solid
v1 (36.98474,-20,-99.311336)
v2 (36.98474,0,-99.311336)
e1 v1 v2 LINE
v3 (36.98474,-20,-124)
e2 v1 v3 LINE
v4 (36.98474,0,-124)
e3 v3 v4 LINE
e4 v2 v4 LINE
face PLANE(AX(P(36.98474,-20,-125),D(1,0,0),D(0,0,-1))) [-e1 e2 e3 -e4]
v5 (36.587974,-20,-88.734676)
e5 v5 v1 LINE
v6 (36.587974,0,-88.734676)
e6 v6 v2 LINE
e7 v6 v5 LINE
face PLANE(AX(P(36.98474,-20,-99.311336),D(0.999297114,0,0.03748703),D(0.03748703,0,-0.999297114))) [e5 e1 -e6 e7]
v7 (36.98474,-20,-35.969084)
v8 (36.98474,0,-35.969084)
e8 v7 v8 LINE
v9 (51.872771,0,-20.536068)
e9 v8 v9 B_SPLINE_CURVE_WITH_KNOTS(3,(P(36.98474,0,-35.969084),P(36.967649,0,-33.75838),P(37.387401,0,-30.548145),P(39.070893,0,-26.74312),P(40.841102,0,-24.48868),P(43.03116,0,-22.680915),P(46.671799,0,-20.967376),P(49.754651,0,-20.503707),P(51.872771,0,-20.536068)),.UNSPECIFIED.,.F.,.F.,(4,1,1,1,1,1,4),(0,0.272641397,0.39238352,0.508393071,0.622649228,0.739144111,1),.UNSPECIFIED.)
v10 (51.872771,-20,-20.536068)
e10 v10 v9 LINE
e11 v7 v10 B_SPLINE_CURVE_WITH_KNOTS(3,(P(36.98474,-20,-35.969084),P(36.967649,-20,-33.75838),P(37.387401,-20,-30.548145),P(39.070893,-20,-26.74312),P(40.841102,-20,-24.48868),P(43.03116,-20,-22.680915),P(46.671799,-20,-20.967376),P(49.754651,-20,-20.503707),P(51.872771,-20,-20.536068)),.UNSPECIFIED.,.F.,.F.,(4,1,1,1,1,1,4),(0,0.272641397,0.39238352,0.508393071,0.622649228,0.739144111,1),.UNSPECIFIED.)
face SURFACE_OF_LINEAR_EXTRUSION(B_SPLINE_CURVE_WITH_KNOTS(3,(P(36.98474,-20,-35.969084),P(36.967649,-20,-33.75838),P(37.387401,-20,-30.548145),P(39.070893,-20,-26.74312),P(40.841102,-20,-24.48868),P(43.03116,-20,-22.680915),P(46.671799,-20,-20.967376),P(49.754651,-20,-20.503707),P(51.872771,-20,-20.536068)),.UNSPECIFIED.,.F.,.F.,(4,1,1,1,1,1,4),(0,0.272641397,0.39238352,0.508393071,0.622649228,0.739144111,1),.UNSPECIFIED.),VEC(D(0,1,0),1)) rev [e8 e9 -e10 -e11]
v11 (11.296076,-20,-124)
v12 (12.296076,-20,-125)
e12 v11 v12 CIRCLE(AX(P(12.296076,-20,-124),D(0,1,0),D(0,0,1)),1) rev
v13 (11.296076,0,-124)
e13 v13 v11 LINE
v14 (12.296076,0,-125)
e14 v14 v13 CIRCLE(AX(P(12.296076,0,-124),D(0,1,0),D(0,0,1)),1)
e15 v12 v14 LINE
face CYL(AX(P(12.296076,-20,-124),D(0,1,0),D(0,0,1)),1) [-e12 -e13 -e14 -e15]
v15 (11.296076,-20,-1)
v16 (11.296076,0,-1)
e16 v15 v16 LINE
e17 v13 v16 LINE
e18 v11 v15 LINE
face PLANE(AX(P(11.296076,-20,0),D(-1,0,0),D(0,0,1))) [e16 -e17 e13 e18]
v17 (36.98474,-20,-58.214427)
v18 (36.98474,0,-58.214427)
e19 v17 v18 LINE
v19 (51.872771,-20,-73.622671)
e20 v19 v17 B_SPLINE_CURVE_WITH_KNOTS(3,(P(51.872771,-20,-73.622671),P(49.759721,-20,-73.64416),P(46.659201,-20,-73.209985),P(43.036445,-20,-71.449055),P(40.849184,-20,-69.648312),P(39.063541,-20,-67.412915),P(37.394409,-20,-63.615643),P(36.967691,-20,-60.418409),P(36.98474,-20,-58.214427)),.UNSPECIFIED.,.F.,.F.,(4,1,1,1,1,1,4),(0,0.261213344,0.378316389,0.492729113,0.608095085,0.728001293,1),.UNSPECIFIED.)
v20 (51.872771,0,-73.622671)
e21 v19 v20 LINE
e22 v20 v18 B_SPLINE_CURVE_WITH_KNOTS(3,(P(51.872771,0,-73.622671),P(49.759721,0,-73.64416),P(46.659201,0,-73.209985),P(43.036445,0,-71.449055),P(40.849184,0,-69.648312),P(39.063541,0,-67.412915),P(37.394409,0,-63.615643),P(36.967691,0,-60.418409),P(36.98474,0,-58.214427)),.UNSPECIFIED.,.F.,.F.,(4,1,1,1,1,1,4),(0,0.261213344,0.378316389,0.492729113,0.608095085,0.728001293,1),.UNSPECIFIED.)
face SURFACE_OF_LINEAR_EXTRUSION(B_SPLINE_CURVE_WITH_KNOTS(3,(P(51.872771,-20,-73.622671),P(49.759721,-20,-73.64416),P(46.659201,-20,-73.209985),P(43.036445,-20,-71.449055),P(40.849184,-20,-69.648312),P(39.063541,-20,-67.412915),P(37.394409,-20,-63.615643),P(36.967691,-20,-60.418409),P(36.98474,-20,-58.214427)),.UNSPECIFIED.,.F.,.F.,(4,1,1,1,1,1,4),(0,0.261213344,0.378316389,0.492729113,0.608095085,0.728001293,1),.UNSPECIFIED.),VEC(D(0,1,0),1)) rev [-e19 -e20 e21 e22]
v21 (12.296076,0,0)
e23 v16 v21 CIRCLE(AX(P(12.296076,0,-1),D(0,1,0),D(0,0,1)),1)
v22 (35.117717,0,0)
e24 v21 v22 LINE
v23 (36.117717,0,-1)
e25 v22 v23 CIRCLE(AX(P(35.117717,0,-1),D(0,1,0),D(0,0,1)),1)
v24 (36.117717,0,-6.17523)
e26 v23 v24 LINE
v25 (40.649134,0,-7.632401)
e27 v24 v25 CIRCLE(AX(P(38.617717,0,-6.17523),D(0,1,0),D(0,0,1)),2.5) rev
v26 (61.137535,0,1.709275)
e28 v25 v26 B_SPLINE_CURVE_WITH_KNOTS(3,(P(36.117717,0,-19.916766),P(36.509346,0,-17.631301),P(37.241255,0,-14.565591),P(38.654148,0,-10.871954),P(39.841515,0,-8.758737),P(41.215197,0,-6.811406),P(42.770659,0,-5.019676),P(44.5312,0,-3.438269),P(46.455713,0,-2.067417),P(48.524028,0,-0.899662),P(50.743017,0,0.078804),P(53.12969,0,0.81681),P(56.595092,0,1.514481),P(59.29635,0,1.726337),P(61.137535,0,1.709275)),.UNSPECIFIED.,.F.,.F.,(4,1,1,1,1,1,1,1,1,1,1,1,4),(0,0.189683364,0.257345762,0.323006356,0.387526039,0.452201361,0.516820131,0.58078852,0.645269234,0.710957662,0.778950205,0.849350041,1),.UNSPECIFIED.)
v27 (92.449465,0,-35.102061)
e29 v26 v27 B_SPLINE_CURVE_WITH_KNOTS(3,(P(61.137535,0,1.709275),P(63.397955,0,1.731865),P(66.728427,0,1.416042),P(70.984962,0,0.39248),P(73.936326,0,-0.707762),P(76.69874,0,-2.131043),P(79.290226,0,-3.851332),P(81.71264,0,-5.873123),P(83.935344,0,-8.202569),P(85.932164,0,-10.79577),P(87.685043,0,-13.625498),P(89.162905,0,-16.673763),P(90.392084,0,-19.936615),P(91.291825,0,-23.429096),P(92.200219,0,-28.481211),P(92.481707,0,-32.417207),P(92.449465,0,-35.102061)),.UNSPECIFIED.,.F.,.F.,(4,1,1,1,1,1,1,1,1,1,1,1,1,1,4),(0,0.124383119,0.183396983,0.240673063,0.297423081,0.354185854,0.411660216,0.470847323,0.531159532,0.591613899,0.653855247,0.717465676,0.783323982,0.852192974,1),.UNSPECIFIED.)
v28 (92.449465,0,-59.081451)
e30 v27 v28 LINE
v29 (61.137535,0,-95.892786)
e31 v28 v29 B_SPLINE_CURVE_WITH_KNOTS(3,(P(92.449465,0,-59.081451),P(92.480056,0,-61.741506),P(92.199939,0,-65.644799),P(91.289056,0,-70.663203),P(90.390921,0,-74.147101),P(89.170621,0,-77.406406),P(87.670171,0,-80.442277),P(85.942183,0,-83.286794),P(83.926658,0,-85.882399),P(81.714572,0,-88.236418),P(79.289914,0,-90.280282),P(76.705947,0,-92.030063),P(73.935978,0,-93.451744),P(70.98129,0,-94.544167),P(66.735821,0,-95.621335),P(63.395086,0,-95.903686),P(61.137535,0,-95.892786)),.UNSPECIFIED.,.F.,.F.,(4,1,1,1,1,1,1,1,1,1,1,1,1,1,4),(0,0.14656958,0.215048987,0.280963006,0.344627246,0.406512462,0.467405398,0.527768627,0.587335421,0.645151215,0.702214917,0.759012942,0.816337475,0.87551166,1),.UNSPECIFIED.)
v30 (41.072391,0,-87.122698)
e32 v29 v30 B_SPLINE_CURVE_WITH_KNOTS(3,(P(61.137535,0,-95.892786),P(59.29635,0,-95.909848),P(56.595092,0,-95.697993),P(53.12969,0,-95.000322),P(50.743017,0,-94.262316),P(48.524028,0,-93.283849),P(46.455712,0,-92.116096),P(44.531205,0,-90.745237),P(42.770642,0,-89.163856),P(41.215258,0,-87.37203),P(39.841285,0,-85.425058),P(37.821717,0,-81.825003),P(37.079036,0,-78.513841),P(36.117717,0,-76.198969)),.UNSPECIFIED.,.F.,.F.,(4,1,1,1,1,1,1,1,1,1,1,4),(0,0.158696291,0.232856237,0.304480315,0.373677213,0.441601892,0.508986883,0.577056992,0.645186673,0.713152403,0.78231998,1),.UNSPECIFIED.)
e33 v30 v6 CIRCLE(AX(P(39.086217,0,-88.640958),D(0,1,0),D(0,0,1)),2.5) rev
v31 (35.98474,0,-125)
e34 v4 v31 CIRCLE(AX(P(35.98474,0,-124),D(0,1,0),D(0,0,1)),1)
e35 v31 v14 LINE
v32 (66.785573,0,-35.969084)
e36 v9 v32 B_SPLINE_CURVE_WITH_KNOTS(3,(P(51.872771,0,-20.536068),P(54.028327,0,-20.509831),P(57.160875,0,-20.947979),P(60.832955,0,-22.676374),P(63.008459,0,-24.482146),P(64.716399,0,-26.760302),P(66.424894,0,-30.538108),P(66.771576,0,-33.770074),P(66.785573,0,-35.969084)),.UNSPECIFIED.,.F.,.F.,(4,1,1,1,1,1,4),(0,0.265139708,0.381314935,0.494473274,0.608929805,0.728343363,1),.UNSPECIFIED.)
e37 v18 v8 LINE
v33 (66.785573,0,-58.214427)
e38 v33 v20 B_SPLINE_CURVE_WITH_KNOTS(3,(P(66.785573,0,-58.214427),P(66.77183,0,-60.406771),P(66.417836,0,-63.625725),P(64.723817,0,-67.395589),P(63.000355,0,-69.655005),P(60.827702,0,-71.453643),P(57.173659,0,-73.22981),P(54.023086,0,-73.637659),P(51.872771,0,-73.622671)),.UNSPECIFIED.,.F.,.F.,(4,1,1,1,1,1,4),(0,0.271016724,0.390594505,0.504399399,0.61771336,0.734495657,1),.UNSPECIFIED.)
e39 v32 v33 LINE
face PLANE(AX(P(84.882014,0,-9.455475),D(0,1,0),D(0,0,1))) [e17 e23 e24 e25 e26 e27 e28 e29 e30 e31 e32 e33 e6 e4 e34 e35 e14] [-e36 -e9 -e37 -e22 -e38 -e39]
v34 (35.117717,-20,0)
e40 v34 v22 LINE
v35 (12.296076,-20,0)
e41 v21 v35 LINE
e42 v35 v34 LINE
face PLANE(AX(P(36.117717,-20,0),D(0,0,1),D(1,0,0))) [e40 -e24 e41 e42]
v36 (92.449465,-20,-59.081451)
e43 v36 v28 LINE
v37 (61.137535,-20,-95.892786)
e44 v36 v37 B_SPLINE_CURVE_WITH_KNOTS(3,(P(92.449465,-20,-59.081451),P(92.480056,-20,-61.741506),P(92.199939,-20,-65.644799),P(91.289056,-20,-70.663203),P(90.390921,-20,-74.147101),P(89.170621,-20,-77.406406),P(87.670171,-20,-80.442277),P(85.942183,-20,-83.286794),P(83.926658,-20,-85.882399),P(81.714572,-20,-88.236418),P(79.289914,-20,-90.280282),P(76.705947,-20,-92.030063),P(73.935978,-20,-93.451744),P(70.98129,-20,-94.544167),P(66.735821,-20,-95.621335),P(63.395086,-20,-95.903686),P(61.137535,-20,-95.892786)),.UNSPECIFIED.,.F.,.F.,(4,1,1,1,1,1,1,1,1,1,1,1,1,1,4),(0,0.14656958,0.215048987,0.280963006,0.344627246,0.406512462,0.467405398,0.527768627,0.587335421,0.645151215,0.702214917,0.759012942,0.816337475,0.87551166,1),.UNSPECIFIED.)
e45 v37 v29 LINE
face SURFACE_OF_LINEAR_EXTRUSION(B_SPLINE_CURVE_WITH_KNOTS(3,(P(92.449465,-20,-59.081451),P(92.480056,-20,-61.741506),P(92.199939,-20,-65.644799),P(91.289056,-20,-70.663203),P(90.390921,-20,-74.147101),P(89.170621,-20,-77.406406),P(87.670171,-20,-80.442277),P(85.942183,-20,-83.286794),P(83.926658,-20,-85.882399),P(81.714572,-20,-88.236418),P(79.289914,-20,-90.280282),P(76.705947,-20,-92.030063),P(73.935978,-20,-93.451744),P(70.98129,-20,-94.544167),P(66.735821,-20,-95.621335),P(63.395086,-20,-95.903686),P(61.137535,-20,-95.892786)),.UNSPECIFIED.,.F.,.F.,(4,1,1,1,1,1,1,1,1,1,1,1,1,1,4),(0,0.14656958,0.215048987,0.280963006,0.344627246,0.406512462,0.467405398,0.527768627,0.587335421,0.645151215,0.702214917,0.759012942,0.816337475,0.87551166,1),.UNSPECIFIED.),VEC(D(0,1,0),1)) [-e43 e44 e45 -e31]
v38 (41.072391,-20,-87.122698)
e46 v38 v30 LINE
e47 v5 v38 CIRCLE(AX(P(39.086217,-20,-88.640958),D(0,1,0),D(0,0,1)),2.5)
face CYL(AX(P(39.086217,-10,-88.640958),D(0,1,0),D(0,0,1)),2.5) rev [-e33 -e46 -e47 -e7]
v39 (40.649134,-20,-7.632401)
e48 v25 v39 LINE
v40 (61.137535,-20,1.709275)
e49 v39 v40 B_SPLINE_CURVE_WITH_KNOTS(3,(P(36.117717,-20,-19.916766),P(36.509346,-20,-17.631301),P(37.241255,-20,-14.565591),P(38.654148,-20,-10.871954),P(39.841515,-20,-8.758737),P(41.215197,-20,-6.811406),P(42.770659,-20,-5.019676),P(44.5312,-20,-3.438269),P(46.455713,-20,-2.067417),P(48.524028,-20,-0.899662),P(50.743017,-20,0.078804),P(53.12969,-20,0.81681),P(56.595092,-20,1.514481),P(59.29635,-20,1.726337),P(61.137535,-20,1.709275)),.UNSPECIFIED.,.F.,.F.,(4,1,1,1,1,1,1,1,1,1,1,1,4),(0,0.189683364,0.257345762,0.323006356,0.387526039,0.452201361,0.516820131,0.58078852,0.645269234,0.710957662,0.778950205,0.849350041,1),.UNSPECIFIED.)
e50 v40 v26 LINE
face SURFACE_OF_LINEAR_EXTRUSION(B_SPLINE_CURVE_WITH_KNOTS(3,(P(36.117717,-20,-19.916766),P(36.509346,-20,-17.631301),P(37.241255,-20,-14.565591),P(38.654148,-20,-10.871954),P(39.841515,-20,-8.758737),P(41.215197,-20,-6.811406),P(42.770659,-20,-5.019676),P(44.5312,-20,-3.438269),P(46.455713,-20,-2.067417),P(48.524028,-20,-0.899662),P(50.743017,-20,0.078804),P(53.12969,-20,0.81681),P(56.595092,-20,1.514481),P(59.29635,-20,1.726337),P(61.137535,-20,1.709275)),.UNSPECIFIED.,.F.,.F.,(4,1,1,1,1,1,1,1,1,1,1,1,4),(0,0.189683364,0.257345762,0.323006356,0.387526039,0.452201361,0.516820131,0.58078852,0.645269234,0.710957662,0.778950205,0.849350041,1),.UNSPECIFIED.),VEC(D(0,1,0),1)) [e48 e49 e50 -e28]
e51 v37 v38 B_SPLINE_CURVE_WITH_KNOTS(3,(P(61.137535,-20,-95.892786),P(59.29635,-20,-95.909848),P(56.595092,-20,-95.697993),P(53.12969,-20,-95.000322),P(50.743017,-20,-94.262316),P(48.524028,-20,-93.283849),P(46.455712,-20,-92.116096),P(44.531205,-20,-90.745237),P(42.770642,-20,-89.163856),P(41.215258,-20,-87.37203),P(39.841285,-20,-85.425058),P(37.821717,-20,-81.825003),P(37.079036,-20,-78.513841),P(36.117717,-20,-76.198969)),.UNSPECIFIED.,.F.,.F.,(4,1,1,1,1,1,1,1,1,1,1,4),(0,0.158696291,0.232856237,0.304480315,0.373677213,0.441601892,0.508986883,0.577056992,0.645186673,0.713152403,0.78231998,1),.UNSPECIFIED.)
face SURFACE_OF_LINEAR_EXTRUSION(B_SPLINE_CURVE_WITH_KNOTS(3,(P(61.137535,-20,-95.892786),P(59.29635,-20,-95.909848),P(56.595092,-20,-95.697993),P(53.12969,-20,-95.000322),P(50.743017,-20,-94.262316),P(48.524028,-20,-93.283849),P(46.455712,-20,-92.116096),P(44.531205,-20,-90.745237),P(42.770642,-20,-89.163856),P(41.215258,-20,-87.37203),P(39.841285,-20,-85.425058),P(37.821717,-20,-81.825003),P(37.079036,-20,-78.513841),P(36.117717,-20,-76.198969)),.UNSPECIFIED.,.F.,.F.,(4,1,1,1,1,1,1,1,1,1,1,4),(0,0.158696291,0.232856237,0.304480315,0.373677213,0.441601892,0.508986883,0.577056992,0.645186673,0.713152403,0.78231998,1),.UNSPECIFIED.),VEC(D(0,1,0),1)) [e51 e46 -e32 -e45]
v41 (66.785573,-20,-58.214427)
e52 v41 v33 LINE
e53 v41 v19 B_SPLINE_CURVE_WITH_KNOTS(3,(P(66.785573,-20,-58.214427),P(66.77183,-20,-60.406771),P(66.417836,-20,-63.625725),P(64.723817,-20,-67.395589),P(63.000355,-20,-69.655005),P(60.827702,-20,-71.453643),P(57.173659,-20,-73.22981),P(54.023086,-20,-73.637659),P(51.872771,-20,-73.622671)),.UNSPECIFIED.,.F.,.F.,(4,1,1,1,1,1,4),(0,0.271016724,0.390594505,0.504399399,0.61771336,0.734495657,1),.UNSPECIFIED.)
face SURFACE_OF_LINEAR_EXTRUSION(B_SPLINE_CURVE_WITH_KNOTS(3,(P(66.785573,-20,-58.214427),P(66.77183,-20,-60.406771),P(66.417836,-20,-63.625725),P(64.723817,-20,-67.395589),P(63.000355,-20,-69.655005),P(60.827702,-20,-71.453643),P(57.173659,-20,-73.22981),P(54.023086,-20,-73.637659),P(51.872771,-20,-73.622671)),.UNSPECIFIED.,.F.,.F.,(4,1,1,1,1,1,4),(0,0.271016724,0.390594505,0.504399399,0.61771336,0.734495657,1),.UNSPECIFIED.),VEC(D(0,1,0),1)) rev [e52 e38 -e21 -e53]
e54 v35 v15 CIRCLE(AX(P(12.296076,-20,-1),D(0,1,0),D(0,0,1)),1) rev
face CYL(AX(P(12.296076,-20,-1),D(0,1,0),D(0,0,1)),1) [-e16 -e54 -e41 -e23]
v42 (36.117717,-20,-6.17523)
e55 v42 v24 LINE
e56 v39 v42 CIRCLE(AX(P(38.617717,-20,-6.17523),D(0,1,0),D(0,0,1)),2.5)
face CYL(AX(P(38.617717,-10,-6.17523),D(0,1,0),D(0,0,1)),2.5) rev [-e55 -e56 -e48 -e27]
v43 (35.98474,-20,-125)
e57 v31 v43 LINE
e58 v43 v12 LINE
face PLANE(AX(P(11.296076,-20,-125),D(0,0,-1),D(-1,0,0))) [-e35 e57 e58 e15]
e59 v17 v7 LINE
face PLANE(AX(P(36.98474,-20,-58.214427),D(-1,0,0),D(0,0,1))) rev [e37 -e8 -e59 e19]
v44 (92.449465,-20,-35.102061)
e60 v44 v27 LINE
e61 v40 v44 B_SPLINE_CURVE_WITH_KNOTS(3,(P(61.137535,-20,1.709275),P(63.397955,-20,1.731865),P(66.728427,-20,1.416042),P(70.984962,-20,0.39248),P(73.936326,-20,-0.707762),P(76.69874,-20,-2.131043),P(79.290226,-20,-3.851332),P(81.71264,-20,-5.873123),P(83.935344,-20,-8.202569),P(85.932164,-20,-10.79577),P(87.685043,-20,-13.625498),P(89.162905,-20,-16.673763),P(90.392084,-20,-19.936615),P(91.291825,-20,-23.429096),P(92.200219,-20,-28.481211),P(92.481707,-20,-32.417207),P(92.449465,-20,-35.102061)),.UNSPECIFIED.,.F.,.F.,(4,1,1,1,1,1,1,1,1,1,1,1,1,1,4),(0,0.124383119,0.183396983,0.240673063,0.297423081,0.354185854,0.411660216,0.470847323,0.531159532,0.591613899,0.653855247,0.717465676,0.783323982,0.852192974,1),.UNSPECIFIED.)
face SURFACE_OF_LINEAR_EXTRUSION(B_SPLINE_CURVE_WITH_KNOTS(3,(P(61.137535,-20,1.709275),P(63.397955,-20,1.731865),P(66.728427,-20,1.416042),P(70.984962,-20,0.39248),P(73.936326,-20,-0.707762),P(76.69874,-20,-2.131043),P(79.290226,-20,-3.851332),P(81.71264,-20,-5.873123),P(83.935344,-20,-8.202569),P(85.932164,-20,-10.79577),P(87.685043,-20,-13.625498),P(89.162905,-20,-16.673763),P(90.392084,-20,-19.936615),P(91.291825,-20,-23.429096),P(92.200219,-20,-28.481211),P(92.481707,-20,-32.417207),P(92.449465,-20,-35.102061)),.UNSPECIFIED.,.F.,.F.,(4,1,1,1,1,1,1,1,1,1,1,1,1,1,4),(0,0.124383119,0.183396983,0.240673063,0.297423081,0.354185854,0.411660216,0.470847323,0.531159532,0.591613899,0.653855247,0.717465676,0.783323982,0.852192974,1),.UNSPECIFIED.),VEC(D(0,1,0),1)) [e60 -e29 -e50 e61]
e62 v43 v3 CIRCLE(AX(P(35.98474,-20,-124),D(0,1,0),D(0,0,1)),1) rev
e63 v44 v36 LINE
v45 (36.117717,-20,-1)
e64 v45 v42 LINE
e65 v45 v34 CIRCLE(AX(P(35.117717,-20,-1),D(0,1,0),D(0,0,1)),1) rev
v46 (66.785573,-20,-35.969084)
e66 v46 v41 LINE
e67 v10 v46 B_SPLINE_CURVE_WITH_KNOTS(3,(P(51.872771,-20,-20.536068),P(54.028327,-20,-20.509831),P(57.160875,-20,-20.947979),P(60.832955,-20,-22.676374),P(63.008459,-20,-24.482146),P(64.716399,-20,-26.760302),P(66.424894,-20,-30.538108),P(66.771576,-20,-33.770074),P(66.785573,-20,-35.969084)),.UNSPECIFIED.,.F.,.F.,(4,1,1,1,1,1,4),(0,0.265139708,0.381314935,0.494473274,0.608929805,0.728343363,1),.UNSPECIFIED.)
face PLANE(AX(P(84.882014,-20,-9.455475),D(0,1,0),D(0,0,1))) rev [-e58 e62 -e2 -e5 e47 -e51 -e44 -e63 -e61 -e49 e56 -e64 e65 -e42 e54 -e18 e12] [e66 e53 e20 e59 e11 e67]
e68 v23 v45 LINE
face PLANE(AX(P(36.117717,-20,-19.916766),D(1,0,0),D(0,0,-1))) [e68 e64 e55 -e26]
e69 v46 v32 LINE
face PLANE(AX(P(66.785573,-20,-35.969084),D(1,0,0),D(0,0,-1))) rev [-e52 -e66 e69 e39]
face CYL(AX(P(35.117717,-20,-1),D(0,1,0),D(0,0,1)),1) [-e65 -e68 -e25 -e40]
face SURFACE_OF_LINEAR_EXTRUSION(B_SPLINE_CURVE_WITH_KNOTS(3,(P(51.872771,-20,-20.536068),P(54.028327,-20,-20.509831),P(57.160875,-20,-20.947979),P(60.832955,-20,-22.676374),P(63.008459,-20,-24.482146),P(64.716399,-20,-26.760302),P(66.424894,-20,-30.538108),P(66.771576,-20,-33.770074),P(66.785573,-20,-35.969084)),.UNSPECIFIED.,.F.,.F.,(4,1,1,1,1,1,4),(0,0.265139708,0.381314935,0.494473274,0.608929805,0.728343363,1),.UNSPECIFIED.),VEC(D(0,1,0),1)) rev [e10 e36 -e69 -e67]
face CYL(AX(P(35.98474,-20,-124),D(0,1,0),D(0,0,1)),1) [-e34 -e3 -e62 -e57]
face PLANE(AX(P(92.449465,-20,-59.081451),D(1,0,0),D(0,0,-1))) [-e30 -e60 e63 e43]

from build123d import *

# Parameters (mm, degrees)
BOSS_EXTRUDE1_DEPTH = 20
FILLET1_R           = 2.5
FILLET2_R           = 1


with BuildPart() as part:
    # Sketch1 → Boss-Extrude1 (new body)
    with BuildSketch(Plane(origin=(0, 0, 0), x_dir=(1, 0, 0), z_dir=(0, 1, 0))):
        with BuildLine():
            Line((36.117717004, 19.916765755), (36.117717004, 0))
            Line((36.117717004, 0), (11.2960761, 0))
            Line((11.2960761, 0), (11.2960761, 125))
            Line((11.2960761, 125), (36.984740388, 125))
            Line((36.984740388, 125), (36.984740388, 99.311335711))
            Line((36.984740388, 99.311335711), (36.117717004, 76.198969481))
            add(Edge.make_bspline(
                [(36.117717004, 76.198969481), (37.079035526, 78.513840699), (37.821716785, 81.825002834), (39.841285118, 85.425058127), (41.21525815, 87.372030125), (42.770642161, 89.163856041), (44.531204538, 90.74523712), (46.455711817, 92.116095649), (48.524028366, 93.283848821), (50.743017021, 94.262315505), (53.129690053, 95.000321934), (56.595091524, 95.697992737), (59.296350256, 95.909848431), (61.137534681, 95.892786365)],
                knots=[0, 0, 0, 0, 0.21768002, 0.286847597, 0.354813327, 0.422943008, 0.491013117, 0.558398108, 0.626322787, 0.695519685, 0.767143763, 0.841303709, 1, 1, 1, 1], degree=3))
            add(Edge.make_bspline(
                [(61.137534681, 95.892786365), (63.395086057, 95.903685841), (66.735821106, 95.621334637), (70.981289729, 94.544167423), (73.935977914, 93.451744493), (76.70594677, 92.030063316), (79.28991441, 90.280281683), (81.71457152, 88.236417621), (83.926657745, 85.882399021), (85.942182726, 83.286794391), (87.670170765, 80.442277233), (89.170620742, 77.406405656), (90.390921152, 74.14710145), (91.289056083, 70.663202505), (92.199939451, 65.644798855), (92.480055787, 61.741506128), (92.449464923, 59.081450654)],
                knots=[0, 0, 0, 0, 0.12448834, 0.183662525, 0.240987058, 0.297785083, 0.354848785, 0.412664579, 0.472231373, 0.532594602, 0.593487538, 0.655372754, 0.719036994, 0.784951013, 0.85343042, 1, 1, 1, 1], degree=3))
            Line((92.449464923, 59.081450654), (92.449464923, 35.102061038))
            add(Edge.make_bspline(
                [(92.449464923, 35.102061038), (92.481706946, 32.417206566), (92.200218527, 28.481210749), (91.291825145, 23.429095843), (90.392084489, 19.936614782), (89.162904767, 16.673762861), (87.685043138, 13.625497661), (85.932163927, 10.795769529), (83.93534446, 8.202568905), (81.712640064, 5.873123122), (79.290226272, 3.851331714), (76.698739641, 2.131042563), (73.936325888, 0.70776156), (70.984961829, -0.392480025), (66.728426656, -1.4160417), (63.397954668, -1.731864559), (61.137534681, -1.709274673)],
                knots=[0, 0, 0, 0, 0.147807026, 0.216676018, 0.282534324, 0.346144753, 0.408386101, 0.468840468, 0.529152677, 0.588339784, 0.645814146, 0.702576919, 0.759326937, 0.816603017, 0.875616881, 1, 1, 1, 1], degree=3))
            add(Edge.make_bspline(
                [(61.137534681, -1.709274673), (59.296350246, -1.726336751), (56.595091542, -1.514481022), (53.129690028, -0.816810273), (50.743017111, -0.078803702), (48.524028045, 0.899662475), (46.455712988, 2.067417488), (44.531200185, 3.438269202), (42.7706586, 5.019675936), (41.215196821, 6.811405891), (39.841515083, 8.758737328), (38.654148229, 10.871953586), (37.24125462, 14.565590682), (36.509346228, 17.63130127), (36.117717004, 19.916765755)],
                knots=[0, 0, 0, 0, 0.150649959, 0.221049795, 0.289042338, 0.354730766, 0.41921148, 0.483179869, 0.547798639, 0.612473961, 0.676993644, 0.742654238, 0.810316636, 1, 1, 1, 1], degree=3))
        make_face()
        with BuildLine():
            Line((66.785572731, 35.969084423), (66.785572731, 58.214427269))
            add(Edge.make_bspline(
                [(66.785572731, 58.214427269), (66.771829802, 60.406770749), (66.417836342, 63.625724633), (64.723817468, 67.39558891), (63.000354868, 69.655005362), (60.827701936, 71.453642984), (57.173659281, 73.229809674), (54.023085733, 73.637658685), (51.872770511, 73.622671423)],
                knots=[0, 0, 0, 0, 0.271016724, 0.390594505, 0.504399399, 0.61771336, 0.734495657, 1, 1, 1, 1], degree=3))
            add(Edge.make_bspline(
                [(51.872770511, 73.622671423), (49.759720525, 73.644159543), (46.659201079, 73.209984567), (43.036444514, 71.44905498), (40.849183836, 69.648312437), (39.063540587, 67.412914524), (37.394409246, 63.61564329), (36.967690872, 60.41840948), (36.984740388, 58.214427269)],
                knots=[0, 0, 0, 0, 0.261213344, 0.378316389, 0.492729113, 0.608095085, 0.728001293, 1, 1, 1, 1], degree=3))
            Line((36.984740388, 58.214427269), (36.984740388, 35.969084423))
            add(Edge.make_bspline(
                [(36.984740388, 35.969084423), (36.967648998, 33.758379722), (37.387401392, 30.548144965), (39.070893069, 26.743120106), (40.841102205, 24.488680021), (43.031159697, 22.68091473), (46.671799289, 20.967376381), (49.754651115, 20.503707396), (51.872770511, 20.536068173)],
                knots=[0, 0, 0, 0, 0.272641397, 0.39238352, 0.508393071, 0.622649228, 0.739144111, 1, 1, 1, 1], degree=3))
            add(Edge.make_bspline(
                [(51.872770511, 20.536068173), (54.028327267, 20.509831436), (57.160874782, 20.947979289), (60.832954812, 22.676374312), (63.008458872, 24.482146365), (64.716399441, 26.760301899), (66.424893748, 30.538107854), (66.771576456, 33.77007391), (66.785572731, 35.969084423)],
                knots=[0, 0, 0, 0, 0.265139708, 0.381314935, 0.494473274, 0.608929805, 0.728343363, 1, 1, 1, 1], degree=3))
        make_face(mode=Mode.SUBTRACT)
    extrude(amount=-BOSS_EXTRUDE1_DEPTH)

    # Fillet1
    fillet1_edges = [part.edges().sort_by_distance(p)[0] for p in [
        (36.117717004, -10, -76.198969481),
        (36.117717004, -10, -19.916765755),
    ]]
    fillet(fillet1_edges, radius=FILLET1_R)

    # Fillet2
    fillet2_edges = [part.edges().sort_by_distance(p)[0] for p in [
        (36.117717004, -10, 0),
        (11.2960761, -10, 0),
        (11.2960761, -10, -125),
        (36.984740388, -10, -125),
    ]]
    fillet(fillet2_edges, radius=FILLET2_R)


solid = part.part
